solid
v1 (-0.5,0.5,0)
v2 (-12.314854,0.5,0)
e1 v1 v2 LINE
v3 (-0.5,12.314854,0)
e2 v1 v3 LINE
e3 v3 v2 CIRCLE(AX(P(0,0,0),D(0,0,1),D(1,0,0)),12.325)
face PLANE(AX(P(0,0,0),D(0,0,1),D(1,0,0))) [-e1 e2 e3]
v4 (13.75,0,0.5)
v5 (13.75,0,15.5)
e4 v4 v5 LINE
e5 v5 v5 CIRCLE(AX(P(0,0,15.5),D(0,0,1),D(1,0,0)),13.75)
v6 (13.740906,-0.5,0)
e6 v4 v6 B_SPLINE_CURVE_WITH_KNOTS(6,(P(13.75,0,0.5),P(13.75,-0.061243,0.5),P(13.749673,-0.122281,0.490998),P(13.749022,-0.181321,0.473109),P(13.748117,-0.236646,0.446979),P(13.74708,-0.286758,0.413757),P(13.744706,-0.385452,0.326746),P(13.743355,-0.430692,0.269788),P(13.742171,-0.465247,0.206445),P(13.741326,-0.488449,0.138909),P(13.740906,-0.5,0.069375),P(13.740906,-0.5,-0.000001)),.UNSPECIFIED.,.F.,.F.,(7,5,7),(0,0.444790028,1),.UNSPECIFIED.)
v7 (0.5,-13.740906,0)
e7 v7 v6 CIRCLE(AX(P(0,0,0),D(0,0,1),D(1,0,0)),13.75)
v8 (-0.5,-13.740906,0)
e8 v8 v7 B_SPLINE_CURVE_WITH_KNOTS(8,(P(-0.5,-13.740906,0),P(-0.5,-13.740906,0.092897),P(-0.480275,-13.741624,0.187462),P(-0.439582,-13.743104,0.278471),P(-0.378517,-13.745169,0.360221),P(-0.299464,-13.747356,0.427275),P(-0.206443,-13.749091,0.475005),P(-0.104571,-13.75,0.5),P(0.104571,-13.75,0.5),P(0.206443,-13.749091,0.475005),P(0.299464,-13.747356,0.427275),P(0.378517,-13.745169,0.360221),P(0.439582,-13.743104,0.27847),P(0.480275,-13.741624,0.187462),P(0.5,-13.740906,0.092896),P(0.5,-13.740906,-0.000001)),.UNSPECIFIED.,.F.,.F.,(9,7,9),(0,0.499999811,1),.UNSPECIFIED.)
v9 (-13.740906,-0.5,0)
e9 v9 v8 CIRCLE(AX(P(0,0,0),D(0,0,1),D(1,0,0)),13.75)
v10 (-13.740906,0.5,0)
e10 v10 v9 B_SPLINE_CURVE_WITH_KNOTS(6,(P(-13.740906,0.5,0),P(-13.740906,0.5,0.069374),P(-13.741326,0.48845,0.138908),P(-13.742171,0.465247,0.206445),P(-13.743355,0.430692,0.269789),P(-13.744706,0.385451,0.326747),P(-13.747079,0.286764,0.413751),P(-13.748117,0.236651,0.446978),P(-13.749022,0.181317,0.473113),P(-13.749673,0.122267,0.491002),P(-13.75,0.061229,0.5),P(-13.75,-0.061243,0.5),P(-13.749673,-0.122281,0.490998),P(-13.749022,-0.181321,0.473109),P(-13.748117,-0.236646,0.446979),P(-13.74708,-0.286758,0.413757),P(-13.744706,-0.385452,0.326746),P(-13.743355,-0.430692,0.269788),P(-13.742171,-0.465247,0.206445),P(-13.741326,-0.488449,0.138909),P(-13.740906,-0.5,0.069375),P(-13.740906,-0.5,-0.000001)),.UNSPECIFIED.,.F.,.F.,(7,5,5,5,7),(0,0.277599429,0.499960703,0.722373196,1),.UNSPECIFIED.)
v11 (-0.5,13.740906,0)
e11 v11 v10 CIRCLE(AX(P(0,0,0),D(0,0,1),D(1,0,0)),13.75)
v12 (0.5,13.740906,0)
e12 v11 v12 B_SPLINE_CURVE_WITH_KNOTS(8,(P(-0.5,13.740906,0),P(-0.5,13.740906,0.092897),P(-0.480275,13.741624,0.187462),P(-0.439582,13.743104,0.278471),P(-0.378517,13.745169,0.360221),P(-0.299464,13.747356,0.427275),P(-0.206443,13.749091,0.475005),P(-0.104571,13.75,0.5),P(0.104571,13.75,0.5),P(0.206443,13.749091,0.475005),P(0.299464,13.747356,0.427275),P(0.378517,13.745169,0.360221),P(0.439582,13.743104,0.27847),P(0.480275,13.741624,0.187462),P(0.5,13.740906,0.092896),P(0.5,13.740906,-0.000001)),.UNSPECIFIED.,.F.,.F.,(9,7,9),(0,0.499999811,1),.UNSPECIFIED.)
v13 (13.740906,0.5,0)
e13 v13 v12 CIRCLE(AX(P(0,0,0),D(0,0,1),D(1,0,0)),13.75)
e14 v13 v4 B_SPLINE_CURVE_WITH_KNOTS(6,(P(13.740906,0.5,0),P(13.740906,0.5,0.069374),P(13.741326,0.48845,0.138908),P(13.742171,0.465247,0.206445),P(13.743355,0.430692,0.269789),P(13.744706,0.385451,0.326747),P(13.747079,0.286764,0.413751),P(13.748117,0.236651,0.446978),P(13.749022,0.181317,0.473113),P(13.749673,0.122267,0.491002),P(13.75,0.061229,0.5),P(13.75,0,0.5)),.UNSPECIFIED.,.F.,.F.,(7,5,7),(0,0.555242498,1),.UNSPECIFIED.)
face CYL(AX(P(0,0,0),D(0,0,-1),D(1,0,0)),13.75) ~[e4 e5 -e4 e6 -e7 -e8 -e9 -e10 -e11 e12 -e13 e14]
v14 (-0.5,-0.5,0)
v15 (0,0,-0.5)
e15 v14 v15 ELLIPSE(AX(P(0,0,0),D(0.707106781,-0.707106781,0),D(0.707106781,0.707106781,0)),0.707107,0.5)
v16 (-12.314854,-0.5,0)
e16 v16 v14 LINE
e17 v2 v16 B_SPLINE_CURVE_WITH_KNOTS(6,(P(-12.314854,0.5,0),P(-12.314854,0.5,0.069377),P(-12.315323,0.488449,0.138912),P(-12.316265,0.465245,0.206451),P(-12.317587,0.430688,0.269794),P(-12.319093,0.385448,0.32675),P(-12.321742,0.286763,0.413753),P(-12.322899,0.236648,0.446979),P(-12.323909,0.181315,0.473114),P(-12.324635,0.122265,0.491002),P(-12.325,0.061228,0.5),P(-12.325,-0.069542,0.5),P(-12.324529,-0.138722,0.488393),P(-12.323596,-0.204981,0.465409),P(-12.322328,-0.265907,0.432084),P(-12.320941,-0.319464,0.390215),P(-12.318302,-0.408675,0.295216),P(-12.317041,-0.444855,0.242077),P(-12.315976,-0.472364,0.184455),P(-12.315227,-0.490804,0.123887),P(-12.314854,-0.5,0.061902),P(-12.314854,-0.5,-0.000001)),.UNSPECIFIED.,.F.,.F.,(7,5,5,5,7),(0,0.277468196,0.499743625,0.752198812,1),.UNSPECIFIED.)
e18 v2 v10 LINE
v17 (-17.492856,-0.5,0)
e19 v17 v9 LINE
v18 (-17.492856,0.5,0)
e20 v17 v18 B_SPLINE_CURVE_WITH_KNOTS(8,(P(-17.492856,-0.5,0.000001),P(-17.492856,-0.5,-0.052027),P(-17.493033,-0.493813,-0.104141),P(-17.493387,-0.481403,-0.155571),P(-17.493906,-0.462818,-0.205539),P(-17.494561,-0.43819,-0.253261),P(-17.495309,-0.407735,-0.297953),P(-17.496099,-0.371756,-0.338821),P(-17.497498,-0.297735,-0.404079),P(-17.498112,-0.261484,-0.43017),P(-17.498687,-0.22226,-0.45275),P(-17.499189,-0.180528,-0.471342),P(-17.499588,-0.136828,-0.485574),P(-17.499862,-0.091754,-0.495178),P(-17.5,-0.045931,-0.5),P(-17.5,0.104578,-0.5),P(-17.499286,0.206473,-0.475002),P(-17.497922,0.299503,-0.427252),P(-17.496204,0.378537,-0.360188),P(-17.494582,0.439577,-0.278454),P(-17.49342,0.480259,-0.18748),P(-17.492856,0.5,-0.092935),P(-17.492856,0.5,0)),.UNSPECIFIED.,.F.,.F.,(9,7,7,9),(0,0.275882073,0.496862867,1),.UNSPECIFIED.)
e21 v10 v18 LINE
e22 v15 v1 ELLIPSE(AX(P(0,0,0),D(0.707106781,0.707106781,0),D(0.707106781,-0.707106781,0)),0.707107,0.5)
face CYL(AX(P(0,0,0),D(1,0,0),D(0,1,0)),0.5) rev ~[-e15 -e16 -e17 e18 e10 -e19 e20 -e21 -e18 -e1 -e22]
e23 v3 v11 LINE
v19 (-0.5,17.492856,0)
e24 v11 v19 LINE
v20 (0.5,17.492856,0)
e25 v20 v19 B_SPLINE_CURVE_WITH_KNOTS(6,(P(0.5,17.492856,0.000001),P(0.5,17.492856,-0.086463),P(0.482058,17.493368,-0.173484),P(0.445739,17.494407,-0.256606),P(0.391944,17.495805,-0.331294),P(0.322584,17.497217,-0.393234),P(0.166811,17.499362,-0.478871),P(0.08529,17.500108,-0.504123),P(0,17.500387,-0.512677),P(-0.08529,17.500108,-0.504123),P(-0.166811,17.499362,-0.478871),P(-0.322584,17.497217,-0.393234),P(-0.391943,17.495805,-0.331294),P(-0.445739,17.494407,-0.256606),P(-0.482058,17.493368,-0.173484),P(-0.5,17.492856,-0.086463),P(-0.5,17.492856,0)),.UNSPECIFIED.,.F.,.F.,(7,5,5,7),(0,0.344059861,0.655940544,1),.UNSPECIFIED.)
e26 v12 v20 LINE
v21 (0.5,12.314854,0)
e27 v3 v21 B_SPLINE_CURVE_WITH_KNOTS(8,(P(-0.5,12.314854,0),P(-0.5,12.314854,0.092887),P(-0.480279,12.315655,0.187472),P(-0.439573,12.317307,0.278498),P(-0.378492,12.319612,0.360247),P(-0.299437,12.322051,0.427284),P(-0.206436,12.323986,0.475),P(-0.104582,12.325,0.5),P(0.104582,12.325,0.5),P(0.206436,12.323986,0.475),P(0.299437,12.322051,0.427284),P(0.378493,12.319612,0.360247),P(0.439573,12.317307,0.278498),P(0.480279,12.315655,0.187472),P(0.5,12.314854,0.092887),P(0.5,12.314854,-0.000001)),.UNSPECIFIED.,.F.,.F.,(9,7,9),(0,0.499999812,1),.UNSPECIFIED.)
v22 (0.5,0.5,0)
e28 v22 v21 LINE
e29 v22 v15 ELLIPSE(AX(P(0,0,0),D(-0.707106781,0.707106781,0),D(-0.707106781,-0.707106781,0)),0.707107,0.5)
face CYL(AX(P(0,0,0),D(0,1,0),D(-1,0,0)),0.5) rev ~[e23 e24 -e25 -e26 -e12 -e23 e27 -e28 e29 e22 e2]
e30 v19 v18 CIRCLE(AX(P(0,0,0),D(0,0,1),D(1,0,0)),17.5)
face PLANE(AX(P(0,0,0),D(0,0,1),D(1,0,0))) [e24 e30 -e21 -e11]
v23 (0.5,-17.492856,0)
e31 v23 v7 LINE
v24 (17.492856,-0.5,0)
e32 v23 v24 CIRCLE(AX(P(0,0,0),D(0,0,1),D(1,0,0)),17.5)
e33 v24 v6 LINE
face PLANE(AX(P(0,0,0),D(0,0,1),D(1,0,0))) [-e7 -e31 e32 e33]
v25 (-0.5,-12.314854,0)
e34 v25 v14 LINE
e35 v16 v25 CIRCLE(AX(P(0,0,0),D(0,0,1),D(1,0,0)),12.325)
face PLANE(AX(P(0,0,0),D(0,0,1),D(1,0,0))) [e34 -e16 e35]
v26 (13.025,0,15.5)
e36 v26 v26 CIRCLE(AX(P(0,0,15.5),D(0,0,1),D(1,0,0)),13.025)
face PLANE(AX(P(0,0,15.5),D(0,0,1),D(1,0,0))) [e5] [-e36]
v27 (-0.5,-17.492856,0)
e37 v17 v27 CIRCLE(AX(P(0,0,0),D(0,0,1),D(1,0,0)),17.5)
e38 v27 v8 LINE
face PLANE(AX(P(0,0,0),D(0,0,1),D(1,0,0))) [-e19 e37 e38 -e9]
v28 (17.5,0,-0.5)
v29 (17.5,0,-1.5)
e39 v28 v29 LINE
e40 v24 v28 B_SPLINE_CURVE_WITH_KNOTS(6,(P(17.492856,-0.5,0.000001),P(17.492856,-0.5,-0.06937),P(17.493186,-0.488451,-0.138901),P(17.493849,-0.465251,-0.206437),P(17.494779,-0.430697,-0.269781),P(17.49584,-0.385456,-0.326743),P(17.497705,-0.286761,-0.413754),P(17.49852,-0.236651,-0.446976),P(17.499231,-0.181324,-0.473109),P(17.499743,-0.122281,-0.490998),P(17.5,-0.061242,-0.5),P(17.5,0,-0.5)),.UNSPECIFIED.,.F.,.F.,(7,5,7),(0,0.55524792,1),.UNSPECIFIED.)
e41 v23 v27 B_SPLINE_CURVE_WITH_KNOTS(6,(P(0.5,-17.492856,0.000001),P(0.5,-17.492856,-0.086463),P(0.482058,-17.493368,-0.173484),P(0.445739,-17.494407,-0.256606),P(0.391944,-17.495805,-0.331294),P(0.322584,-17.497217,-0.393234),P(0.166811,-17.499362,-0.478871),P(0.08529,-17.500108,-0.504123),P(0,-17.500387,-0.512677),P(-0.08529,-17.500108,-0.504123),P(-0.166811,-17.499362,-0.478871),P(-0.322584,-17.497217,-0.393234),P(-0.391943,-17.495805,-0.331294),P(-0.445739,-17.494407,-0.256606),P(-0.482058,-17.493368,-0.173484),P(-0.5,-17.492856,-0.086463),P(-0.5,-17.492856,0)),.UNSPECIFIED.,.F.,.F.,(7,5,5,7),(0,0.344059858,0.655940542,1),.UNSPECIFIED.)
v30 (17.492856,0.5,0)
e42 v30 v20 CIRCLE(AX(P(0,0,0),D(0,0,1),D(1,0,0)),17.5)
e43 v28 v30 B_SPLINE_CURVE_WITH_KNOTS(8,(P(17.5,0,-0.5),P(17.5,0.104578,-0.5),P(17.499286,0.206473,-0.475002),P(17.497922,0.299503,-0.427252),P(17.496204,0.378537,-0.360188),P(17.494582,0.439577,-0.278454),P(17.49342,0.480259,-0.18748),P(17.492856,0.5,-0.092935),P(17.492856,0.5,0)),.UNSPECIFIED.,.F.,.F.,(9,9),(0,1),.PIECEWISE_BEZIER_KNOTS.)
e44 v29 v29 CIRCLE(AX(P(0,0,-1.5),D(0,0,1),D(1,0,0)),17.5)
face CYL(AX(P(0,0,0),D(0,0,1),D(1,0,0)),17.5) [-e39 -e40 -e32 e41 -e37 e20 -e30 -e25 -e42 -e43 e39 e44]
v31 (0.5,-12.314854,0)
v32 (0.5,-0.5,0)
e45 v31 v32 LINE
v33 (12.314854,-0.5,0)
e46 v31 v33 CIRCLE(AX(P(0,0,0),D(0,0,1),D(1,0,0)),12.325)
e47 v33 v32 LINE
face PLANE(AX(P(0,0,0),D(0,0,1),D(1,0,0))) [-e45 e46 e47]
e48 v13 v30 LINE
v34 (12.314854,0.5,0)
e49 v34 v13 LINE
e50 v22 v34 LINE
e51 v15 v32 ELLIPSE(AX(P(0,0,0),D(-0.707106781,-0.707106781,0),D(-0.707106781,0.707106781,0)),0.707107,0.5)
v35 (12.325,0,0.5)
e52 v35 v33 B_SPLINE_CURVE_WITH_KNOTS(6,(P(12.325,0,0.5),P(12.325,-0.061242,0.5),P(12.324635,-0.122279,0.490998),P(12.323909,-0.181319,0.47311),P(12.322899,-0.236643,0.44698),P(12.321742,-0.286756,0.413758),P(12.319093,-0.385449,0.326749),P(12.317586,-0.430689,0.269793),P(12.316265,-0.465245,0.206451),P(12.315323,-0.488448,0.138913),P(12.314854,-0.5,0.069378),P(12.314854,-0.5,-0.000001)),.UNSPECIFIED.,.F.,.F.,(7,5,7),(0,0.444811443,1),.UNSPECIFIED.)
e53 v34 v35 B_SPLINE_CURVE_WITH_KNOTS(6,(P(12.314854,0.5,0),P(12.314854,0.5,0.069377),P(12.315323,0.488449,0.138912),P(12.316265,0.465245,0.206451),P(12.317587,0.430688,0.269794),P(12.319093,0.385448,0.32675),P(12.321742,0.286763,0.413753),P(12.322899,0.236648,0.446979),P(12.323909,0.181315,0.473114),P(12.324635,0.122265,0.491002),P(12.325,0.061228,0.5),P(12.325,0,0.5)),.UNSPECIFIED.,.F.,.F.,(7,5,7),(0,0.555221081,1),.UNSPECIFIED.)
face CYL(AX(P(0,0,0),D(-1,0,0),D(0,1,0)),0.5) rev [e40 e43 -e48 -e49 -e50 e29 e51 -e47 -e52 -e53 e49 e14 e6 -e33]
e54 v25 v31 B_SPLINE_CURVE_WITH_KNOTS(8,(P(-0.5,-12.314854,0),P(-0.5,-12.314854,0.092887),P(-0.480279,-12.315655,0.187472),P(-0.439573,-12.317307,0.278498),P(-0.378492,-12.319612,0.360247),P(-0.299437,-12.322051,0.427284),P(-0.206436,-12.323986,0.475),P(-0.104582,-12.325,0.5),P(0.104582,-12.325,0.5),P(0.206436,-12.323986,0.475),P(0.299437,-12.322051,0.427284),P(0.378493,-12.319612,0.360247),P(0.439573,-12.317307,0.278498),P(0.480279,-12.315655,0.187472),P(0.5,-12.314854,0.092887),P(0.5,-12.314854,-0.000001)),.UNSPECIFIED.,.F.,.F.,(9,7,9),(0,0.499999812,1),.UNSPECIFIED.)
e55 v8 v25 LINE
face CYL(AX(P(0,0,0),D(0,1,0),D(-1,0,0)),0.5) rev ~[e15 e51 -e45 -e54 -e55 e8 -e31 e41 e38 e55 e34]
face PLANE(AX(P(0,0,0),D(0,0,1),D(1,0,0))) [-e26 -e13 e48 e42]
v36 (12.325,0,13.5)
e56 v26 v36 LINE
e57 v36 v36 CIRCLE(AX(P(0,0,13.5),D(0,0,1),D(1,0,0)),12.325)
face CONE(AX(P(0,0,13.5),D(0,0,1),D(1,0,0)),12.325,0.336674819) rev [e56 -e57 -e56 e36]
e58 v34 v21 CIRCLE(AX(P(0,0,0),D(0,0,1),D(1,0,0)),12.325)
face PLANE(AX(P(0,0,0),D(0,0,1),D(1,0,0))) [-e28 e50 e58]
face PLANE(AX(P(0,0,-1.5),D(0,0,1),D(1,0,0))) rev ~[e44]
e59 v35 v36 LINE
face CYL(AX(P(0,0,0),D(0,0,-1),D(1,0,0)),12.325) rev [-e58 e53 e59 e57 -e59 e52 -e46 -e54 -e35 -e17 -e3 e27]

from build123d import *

# Parameters (mm, degrees)
SKETCH_R           = 13.75
SKETCH_R_2         = 12.325
PAD_DEPTH          = 15.5
SKETCH001_R        = 17.5
PAD001_DEPTH       = 1.5
CHAMFER_SIZE2      = 2
CHAMFER_SIZE       = 0.7
SKETCH002_R        = 0.5
POCKET_DEPTH       = 122.171913
POCKET_DEPTH_BACK  = 122.171913
POLARPATTERN_COUNT = 2
POLARPATTERN_ANGLE = 90


with BuildPart() as part:
    # Sketch → Pad (new body)
    with BuildSketch(Plane.XY):
        Circle(SKETCH_R)
        Circle(SKETCH_R_2, mode=Mode.SUBTRACT)
    extrude(amount=PAD_DEPTH)

    # Sketch001 → Pad001 (join)
    with BuildSketch(Plane.XY):
        Circle(SKETCH001_R)
    extrude(amount=-PAD001_DEPTH)

    # Chamfer
    chamfer_edges = [part.edges().sort_by_distance(p)[0] for p in [
        (-12.325, 0, 15.5),
    ]]
    chamfer_side = part.faces().sort_by_distance((-13.361091, 0, 15.5))[0]
    chamfer(chamfer_edges, length=CHAMFER_SIZE, length2=CHAMFER_SIZE2, reference=chamfer_side)

    # Sketch002 → Pocket (cut, two sides)
    with BuildSketch(Plane.YZ) as pocket_sk:
        Circle(SKETCH002_R)
    pocket = extrude(amount=-POCKET_DEPTH, mode=Mode.SUBTRACT) + extrude(pocket_sk.sketch, amount=POCKET_DEPTH_BACK, mode=Mode.SUBTRACT)

    # PolarPattern: Pocket ×2 about axis
    polarpattern_axis = Axis((0, 0, 0), (0, 0, 1))
    for i in range(1, POLARPATTERN_COUNT):
        add(pocket.rotate(polarpattern_axis, i * POLARPATTERN_ANGLE / (POLARPATTERN_COUNT - 1)), mode=Mode.SUBTRACT)


solid = part.part
